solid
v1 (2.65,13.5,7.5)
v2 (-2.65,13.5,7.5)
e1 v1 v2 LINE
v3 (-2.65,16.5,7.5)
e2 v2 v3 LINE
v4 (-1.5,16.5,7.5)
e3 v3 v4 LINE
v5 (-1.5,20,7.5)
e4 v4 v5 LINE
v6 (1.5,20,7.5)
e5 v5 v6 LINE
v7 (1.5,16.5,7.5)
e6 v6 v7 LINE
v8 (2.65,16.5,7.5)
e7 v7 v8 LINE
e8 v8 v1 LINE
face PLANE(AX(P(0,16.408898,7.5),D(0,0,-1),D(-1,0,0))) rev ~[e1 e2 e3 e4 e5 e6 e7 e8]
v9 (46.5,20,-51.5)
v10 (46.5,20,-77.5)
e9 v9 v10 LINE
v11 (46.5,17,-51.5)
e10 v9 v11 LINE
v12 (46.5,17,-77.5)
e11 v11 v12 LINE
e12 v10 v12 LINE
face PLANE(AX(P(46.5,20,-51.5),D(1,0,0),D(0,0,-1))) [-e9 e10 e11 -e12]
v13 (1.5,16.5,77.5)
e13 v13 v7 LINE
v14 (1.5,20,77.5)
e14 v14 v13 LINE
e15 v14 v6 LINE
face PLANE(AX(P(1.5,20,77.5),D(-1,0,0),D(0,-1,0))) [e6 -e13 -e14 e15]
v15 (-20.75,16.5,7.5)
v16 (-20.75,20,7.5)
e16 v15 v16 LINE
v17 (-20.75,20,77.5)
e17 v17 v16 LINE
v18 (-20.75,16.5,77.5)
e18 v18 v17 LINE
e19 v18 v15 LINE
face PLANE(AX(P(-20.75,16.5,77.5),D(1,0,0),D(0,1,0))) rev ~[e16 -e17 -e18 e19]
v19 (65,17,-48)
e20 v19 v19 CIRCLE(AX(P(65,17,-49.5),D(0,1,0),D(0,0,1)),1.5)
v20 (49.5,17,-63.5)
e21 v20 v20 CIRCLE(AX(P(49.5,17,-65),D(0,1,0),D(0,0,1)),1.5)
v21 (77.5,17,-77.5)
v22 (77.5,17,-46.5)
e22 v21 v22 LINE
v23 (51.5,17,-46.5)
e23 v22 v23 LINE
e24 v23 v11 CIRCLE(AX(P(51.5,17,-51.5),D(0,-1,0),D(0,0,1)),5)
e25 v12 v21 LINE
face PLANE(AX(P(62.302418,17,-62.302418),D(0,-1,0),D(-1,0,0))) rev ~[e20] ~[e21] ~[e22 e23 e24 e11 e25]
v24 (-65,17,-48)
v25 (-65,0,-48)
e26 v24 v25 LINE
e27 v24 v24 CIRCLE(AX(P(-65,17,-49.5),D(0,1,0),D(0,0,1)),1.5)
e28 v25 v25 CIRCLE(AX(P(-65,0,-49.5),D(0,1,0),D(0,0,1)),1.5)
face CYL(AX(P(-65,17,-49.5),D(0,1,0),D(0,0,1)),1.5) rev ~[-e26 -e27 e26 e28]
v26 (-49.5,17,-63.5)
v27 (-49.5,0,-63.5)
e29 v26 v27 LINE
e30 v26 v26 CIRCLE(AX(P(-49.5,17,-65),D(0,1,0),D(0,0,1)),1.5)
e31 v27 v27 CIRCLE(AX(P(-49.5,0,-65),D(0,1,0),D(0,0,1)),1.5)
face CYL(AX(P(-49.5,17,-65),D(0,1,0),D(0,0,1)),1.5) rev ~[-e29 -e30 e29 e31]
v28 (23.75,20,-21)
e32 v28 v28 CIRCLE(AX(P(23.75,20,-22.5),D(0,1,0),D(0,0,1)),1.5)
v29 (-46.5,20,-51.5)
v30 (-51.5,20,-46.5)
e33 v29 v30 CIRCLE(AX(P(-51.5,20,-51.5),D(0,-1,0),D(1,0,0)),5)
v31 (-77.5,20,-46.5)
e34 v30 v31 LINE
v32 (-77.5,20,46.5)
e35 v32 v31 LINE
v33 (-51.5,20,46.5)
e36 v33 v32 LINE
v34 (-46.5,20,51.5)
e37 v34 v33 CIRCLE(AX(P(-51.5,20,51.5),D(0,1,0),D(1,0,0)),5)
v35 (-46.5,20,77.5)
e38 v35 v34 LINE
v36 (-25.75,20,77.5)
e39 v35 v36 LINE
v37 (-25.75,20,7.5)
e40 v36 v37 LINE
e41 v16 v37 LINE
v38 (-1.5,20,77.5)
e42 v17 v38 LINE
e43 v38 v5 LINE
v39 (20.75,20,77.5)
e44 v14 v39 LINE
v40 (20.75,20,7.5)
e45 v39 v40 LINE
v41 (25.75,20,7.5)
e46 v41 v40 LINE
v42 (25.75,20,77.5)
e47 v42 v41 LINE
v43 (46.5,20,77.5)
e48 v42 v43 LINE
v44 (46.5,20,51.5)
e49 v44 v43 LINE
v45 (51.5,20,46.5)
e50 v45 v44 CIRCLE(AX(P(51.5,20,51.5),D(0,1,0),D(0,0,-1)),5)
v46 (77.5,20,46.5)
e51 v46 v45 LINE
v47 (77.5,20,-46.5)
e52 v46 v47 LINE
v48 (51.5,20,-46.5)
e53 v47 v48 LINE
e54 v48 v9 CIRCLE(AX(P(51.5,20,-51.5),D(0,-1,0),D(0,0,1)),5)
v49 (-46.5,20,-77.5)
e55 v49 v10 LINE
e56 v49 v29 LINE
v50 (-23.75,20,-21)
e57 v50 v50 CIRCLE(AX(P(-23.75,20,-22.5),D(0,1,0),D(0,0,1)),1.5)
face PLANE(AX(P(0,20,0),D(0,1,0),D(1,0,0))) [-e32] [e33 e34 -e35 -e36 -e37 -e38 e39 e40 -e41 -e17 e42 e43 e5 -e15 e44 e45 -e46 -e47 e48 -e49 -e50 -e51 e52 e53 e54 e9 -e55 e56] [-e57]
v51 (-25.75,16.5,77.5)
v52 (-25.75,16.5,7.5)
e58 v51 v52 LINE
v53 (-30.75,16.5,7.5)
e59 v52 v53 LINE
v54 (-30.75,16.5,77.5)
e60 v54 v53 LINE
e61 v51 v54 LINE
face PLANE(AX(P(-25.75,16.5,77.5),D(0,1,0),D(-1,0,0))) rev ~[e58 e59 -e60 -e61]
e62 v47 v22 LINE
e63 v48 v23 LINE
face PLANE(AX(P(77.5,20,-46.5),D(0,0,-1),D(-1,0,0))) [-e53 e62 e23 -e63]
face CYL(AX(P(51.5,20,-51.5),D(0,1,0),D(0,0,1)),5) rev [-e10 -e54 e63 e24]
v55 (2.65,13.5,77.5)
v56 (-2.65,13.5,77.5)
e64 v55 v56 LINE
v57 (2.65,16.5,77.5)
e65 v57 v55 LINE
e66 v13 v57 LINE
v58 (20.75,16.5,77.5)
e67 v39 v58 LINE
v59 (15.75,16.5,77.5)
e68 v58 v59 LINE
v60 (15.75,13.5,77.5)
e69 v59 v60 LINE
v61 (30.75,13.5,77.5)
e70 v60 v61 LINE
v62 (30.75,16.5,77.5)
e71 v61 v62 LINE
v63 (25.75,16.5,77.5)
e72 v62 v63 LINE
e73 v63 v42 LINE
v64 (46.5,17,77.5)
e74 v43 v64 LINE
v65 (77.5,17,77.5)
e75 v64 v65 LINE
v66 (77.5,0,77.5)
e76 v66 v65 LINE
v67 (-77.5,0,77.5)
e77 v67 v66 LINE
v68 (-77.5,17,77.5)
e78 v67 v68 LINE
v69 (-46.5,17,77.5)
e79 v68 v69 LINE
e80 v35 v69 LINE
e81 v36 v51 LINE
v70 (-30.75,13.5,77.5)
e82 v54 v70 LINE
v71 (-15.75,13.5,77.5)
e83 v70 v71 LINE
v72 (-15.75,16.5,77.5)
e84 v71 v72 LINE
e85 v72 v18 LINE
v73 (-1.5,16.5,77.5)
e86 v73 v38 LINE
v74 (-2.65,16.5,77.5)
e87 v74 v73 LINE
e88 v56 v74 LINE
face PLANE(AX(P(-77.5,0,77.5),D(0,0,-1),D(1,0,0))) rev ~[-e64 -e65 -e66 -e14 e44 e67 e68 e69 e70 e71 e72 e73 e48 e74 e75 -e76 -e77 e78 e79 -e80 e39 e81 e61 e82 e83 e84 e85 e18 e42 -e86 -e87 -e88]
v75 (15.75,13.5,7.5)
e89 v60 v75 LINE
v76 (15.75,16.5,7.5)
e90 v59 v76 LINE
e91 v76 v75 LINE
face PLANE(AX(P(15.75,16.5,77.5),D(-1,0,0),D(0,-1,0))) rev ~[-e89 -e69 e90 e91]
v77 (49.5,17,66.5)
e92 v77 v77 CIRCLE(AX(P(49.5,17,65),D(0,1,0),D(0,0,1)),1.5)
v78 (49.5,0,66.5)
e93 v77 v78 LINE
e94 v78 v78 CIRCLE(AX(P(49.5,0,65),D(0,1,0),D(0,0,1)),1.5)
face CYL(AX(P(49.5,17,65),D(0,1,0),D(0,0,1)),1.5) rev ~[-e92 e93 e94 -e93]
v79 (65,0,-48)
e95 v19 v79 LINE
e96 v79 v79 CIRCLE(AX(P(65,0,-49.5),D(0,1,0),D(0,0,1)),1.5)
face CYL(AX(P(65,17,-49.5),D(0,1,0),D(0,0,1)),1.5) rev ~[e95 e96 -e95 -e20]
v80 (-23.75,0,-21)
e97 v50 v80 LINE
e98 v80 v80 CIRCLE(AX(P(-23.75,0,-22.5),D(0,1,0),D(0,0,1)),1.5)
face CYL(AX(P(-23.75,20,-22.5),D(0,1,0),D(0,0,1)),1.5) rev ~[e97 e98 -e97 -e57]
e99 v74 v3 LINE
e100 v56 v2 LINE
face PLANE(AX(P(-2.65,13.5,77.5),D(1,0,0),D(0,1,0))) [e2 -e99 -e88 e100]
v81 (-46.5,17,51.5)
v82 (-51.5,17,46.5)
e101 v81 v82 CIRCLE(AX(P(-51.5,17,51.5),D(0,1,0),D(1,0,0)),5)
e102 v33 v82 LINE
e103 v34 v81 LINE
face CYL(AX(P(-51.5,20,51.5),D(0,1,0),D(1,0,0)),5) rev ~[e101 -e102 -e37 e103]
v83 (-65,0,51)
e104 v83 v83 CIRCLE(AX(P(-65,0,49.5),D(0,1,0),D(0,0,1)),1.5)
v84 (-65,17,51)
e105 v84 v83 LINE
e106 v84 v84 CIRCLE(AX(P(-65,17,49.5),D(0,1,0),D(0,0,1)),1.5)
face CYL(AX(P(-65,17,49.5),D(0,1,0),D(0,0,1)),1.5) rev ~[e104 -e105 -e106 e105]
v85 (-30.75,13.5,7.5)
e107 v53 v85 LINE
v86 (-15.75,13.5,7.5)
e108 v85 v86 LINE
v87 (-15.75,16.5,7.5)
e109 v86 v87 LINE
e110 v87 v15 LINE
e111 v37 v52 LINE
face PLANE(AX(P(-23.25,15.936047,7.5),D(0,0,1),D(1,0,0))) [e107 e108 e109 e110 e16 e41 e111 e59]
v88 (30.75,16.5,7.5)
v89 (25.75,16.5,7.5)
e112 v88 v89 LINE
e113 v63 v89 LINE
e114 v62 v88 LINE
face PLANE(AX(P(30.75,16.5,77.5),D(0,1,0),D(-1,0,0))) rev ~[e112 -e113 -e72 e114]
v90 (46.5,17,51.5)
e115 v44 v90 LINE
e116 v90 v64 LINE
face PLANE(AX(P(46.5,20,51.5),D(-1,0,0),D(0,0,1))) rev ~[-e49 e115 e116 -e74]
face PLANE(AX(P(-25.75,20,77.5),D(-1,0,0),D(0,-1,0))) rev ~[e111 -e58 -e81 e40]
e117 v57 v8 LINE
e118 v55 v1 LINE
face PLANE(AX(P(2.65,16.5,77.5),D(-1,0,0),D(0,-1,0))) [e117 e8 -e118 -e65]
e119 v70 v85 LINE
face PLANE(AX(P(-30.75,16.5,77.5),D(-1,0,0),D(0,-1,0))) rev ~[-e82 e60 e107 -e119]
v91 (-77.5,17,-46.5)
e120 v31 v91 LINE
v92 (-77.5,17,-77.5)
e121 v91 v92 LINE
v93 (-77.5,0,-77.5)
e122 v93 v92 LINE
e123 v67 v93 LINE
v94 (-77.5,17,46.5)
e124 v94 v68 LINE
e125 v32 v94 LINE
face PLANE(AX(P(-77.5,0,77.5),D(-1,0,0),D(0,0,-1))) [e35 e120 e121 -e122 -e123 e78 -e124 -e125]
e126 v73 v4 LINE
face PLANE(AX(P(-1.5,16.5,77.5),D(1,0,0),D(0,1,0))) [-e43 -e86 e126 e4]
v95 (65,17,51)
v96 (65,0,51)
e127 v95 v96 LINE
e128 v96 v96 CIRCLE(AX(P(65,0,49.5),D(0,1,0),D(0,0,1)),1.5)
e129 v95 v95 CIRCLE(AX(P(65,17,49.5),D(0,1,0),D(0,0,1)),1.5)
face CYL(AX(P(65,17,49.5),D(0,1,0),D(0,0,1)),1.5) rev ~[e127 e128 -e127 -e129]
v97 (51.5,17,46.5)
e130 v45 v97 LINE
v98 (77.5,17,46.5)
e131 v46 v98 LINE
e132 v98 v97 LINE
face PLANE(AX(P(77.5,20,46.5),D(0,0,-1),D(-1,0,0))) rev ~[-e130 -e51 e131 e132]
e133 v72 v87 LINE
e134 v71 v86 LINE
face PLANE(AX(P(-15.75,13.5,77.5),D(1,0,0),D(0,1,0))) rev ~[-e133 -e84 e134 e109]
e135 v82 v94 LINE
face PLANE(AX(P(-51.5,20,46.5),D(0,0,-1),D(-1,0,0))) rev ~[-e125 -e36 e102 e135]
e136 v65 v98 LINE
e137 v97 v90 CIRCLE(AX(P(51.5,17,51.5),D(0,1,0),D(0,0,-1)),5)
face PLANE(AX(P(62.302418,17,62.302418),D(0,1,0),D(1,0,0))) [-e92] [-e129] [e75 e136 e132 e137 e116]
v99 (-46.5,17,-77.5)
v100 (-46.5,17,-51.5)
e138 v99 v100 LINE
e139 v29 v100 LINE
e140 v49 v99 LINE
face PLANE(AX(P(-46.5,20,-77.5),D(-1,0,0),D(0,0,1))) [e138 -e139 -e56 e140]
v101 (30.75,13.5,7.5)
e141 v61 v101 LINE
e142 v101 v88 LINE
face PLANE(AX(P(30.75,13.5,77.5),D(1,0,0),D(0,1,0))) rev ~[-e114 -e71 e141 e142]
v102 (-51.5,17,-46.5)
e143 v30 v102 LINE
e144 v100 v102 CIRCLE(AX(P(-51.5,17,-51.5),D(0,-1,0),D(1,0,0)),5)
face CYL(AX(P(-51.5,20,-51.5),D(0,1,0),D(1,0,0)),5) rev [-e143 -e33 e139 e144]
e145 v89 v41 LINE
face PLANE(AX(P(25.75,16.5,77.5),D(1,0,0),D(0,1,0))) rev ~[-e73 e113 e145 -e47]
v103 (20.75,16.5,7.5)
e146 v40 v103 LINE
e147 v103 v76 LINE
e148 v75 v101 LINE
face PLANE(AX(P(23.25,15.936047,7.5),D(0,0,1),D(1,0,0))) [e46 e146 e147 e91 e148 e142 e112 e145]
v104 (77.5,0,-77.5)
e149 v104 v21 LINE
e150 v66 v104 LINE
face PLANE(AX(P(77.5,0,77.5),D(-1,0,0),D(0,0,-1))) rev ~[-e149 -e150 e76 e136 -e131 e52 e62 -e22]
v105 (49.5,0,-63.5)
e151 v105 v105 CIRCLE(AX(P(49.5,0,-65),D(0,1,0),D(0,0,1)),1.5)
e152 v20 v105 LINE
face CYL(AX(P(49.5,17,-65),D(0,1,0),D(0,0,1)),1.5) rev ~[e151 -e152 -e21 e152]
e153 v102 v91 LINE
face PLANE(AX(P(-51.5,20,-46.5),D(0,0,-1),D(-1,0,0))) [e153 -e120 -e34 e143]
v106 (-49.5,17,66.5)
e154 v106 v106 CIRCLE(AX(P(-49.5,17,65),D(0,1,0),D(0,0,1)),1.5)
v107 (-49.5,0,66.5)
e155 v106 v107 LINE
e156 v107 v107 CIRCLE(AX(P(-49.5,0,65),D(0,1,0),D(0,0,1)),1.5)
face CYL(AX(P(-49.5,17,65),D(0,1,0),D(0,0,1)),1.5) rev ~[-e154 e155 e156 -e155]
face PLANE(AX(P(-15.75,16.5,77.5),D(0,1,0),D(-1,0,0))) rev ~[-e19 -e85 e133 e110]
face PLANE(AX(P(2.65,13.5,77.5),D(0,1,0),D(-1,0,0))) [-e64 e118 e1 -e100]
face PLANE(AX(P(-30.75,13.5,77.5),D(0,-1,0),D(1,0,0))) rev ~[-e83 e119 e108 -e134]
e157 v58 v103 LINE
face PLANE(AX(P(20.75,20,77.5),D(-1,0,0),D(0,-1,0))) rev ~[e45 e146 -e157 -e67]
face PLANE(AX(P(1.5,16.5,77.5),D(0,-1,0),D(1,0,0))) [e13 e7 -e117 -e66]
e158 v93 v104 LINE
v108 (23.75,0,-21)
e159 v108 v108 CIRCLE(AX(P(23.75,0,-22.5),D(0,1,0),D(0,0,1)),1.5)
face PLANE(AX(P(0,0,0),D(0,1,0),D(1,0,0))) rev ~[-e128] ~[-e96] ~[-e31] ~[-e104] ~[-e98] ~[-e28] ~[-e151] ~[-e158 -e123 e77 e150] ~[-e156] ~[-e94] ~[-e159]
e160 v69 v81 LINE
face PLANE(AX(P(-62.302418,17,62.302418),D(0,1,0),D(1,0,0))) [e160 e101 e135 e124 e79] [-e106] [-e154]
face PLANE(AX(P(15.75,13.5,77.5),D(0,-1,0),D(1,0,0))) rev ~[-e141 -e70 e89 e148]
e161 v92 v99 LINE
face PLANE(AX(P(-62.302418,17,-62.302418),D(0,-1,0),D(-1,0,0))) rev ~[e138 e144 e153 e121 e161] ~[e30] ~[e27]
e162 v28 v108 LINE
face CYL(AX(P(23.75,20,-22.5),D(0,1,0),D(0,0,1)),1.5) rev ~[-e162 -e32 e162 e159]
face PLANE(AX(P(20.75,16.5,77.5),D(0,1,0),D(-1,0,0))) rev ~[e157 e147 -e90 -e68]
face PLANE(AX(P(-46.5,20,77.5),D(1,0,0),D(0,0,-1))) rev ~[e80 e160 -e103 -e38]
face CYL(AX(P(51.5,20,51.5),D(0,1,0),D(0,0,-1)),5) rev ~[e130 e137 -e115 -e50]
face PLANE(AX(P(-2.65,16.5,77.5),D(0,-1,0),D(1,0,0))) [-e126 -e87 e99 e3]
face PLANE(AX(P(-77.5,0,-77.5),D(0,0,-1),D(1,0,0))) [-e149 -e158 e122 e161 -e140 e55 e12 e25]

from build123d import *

# Parameters (mm, degrees)
SKETCH1_W           = 155
SKETCH1_H           = 155
BOSS_EXTRUDE2_DEPTH = 20
CUT_EXTRUDE6_DEPTH  = 3
CUT_EXTRUDE7_REACH  = 112.912
SKETCH8_R           = 1.5
CUT_EXTRUDE8_DEPTH  = 70
CUT_EXTRUDE9_REACH  = 113.411
SKETCH10_R          = 1.5


with BuildPart() as part:
    # Sketch1 → Boss-Extrude2 (new body)
    with BuildSketch(Plane(origin=(0, 0, 0), x_dir=(1, 0, 0), z_dir=(0, 1, 0))):
        Rectangle(SKETCH1_W, SKETCH1_H)
    extrude(amount=BOSS_EXTRUDE2_DEPTH)

    # Sketch7 → Cut-Extrude6 (cut)
    with BuildSketch(Plane(origin=(0, 20, 0), x_dir=(1, 0, 0), z_dir=(0, 1, 0))):
        with BuildLine():
            Line((-77.5, 77.5), (-46.5, 77.5))
            Line((-46.5, 77.5), (-46.5, 51.5))
            ThreePointArc((-46.5, 51.5), (-47.964466094, 47.964466094), (-51.5, 46.5))
            Line((-51.5, 46.5), (-77.5, 46.5))
            Line((-77.5, 46.5), (-77.5, 77.5))
        make_face()
        with BuildLine():
            Line((77.5, 46.5), (51.5, 46.5))
            ThreePointArc((51.5, 46.5), (47.964466094, 47.964466094), (46.5, 51.5))
            Line((46.5, 51.5), (46.5, 77.5))
            Line((46.5, 77.5), (77.5, 77.5))
            Line((77.5, 77.5), (77.5, 46.5))
        make_face()
        with BuildLine():
            Line((77.5, -77.5), (77.5, -46.5))
            Line((77.5, -46.5), (51.5, -46.5))
            ThreePointArc((51.5, -46.5), (47.964466094, -47.964466094), (46.5, -51.5))
            Line((46.5, -51.5), (46.5, -77.5))
            Line((46.5, -77.5), (77.5, -77.5))
        make_face()
        with BuildLine():
            Line((-46.5, -77.5), (-46.5, -51.5))
            ThreePointArc((-46.5, -51.5), (-47.964466094, -47.964466094), (-51.5, -46.5))
            Line((-51.5, -46.5), (-77.5, -46.5))
            Line((-77.5, -46.5), (-77.5, -77.5))
            Line((-77.5, -77.5), (-46.5, -77.5))
        make_face()
    extrude(amount=-CUT_EXTRUDE6_DEPTH, mode=Mode.SUBTRACT)

    # Sketch8 → Cut-Extrude7 (cut, up to next)
    with BuildSketch(Plane(origin=(0, 17, 0), x_dir=(1, 0, 0), z_dir=(0, 1, 0)), mode=Mode.PRIVATE) as cut_extrude7_sk1:
        with Locations(Location((-65, -49.5, 0), (0, 0, 270))):
            Circle(SKETCH8_R)
    cut_extrude7_tool1 = extrude(cut_extrude7_sk1.sketch, amount=-CUT_EXTRUDE7_REACH, mode=Mode.PRIVATE) & part.part
    # Sketch8 → Cut-Extrude7 (cut, up to next)
    with BuildSketch(Plane(origin=(0, 17, 0), x_dir=(1, 0, 0), z_dir=(0, 1, 0)), mode=Mode.PRIVATE) as cut_extrude7_sk2:
        with Locations(Location((-49.5, -65, 0), (0, 0, 270))):
            Circle(SKETCH8_R)
    cut_extrude7_tool2 = extrude(cut_extrude7_sk2.sketch, amount=-CUT_EXTRUDE7_REACH, mode=Mode.PRIVATE) & part.part
    # Sketch8 → Cut-Extrude7 (cut, up to next)
    with BuildSketch(Plane(origin=(0, 17, 0), x_dir=(1, 0, 0), z_dir=(0, 1, 0)), mode=Mode.PRIVATE) as cut_extrude7_sk3:
        with Locations(Location((49.5, -65, 0), (0, 0, 270))):
            Circle(SKETCH8_R)
    cut_extrude7_tool3 = extrude(cut_extrude7_sk3.sketch, amount=-CUT_EXTRUDE7_REACH, mode=Mode.PRIVATE) & part.part
    # Sketch8 → Cut-Extrude7 (cut, up to next)
    with BuildSketch(Plane(origin=(0, 17, 0), x_dir=(1, 0, 0), z_dir=(0, 1, 0)), mode=Mode.PRIVATE) as cut_extrude7_sk4:
        with Locations(Location((65, -49.5, 0), (0, 0, 270))):
            Circle(SKETCH8_R)
    cut_extrude7_tool4 = extrude(cut_extrude7_sk4.sketch, amount=-CUT_EXTRUDE7_REACH, mode=Mode.PRIVATE) & part.part
    # Sketch8 → Cut-Extrude7 (cut, up to next)
    with BuildSketch(Plane(origin=(0, 17, 0), x_dir=(1, 0, 0), z_dir=(0, 1, 0)), mode=Mode.PRIVATE) as cut_extrude7_sk5:
        with Locations(Location((49.5, 65, 0), (0, 0, 270))):
            Circle(SKETCH8_R)
    cut_extrude7_tool5 = extrude(cut_extrude7_sk5.sketch, amount=-CUT_EXTRUDE7_REACH, mode=Mode.PRIVATE) & part.part
    # Sketch8 → Cut-Extrude7 (cut, up to next)
    with BuildSketch(Plane(origin=(0, 17, 0), x_dir=(1, 0, 0), z_dir=(0, 1, 0)), mode=Mode.PRIVATE) as cut_extrude7_sk6:
        with Locations(Location((65, 49.5, 0), (0, 0, 270))):
            Circle(SKETCH8_R)
    cut_extrude7_tool6 = extrude(cut_extrude7_sk6.sketch, amount=-CUT_EXTRUDE7_REACH, mode=Mode.PRIVATE) & part.part
    # Sketch8 → Cut-Extrude7 (cut, up to next)
    with BuildSketch(Plane(origin=(0, 17, 0), x_dir=(1, 0, 0), z_dir=(0, 1, 0)), mode=Mode.PRIVATE) as cut_extrude7_sk7:
        with Locations(Location((-49.5, 65, 0), (0, 0, 270))):
            Circle(SKETCH8_R)
    cut_extrude7_tool7 = extrude(cut_extrude7_sk7.sketch, amount=-CUT_EXTRUDE7_REACH, mode=Mode.PRIVATE) & part.part
    # Sketch8 → Cut-Extrude7 (cut, up to next)
    with BuildSketch(Plane(origin=(0, 17, 0), x_dir=(1, 0, 0), z_dir=(0, 1, 0)), mode=Mode.PRIVATE) as cut_extrude7_sk8:
        with Locations(Location((-65, 49.5, 0), (0, 0, 270))):
            Circle(SKETCH8_R)
    cut_extrude7_tool8 = extrude(cut_extrude7_sk8.sketch, amount=-CUT_EXTRUDE7_REACH, mode=Mode.PRIVATE) & part.part
    add(cut_extrude7_tool1.solids().sort_by_distance((-65, 17, 49.5))[0], mode=Mode.SUBTRACT)
    add(cut_extrude7_tool2.solids().sort_by_distance((-49.5, 17, 65))[0], mode=Mode.SUBTRACT)
    add(cut_extrude7_tool3.solids().sort_by_distance((49.5, 17, 65))[0], mode=Mode.SUBTRACT)
    add(cut_extrude7_tool4.solids().sort_by_distance((65, 17, 49.5))[0], mode=Mode.SUBTRACT)
    add(cut_extrude7_tool5.solids().sort_by_distance((49.5, 17, -65))[0], mode=Mode.SUBTRACT)
    add(cut_extrude7_tool6.solids().sort_by_distance((65, 17, -49.5))[0], mode=Mode.SUBTRACT)
    add(cut_extrude7_tool7.solids().sort_by_distance((-49.5, 17, -65))[0], mode=Mode.SUBTRACT)
    add(cut_extrude7_tool8.solids().sort_by_distance((-65, 17, -49.5))[0], mode=Mode.SUBTRACT)

    # Sketch9 → Cut-Extrude8 (cut)
    with BuildSketch(Plane.XY.offset(77.5)):
        Polygon((-20.75, 20), (-25.75, 20), (-25.75, 16.5), (-30.75, 16.5), (-30.75, 13.5), (-15.75, 13.5), (-15.75, 16.5), (-20.75, 16.5), align=None)
        Polygon((25.75, 16.5), (25.75, 20), (20.75, 20), (20.75, 16.5), (15.75, 16.5), (15.75, 13.5), (30.75, 13.5), (30.75, 16.5), align=None)
        Polygon((-2.65, 16.5), (-1.5, 16.5), (-1.5, 20), (1.5, 20), (1.5, 16.5), (2.65, 16.5), (2.65, 13.5), (-2.65, 13.5), align=None)
    extrude(amount=-CUT_EXTRUDE8_DEPTH, mode=Mode.SUBTRACT)

    # Sketch10 → Cut-Extrude9 (cut, up to next)
    with BuildSketch(Plane(origin=(0, 20, 0), x_dir=(1, 0, 0), z_dir=(0, 1, 0)), mode=Mode.PRIVATE) as cut_extrude9_sk1:
        with Locations(Location((-23.75, 22.5, 0), (0, 0, 270))):
            Circle(SKETCH10_R)
    cut_extrude9_tool1 = extrude(cut_extrude9_sk1.sketch, amount=-CUT_EXTRUDE9_REACH, mode=Mode.PRIVATE) & part.part
    # Sketch10 → Cut-Extrude9 (cut, up to next)
    with BuildSketch(Plane(origin=(0, 20, 0), x_dir=(1, 0, 0), z_dir=(0, 1, 0)), mode=Mode.PRIVATE) as cut_extrude9_sk2:
        with Locations(Location((23.75, 22.5, 0), (0, 0, 270))):
            Circle(SKETCH10_R)
    cut_extrude9_tool2 = extrude(cut_extrude9_sk2.sketch, amount=-CUT_EXTRUDE9_REACH, mode=Mode.PRIVATE) & part.part
    add(cut_extrude9_tool1.solids().sort_by_distance((-23.75, 20, -22.5))[0], mode=Mode.SUBTRACT)
    add(cut_extrude9_tool2.solids().sort_by_distance((23.75, 20, -22.5))[0], mode=Mode.SUBTRACT)


solid = part.part
